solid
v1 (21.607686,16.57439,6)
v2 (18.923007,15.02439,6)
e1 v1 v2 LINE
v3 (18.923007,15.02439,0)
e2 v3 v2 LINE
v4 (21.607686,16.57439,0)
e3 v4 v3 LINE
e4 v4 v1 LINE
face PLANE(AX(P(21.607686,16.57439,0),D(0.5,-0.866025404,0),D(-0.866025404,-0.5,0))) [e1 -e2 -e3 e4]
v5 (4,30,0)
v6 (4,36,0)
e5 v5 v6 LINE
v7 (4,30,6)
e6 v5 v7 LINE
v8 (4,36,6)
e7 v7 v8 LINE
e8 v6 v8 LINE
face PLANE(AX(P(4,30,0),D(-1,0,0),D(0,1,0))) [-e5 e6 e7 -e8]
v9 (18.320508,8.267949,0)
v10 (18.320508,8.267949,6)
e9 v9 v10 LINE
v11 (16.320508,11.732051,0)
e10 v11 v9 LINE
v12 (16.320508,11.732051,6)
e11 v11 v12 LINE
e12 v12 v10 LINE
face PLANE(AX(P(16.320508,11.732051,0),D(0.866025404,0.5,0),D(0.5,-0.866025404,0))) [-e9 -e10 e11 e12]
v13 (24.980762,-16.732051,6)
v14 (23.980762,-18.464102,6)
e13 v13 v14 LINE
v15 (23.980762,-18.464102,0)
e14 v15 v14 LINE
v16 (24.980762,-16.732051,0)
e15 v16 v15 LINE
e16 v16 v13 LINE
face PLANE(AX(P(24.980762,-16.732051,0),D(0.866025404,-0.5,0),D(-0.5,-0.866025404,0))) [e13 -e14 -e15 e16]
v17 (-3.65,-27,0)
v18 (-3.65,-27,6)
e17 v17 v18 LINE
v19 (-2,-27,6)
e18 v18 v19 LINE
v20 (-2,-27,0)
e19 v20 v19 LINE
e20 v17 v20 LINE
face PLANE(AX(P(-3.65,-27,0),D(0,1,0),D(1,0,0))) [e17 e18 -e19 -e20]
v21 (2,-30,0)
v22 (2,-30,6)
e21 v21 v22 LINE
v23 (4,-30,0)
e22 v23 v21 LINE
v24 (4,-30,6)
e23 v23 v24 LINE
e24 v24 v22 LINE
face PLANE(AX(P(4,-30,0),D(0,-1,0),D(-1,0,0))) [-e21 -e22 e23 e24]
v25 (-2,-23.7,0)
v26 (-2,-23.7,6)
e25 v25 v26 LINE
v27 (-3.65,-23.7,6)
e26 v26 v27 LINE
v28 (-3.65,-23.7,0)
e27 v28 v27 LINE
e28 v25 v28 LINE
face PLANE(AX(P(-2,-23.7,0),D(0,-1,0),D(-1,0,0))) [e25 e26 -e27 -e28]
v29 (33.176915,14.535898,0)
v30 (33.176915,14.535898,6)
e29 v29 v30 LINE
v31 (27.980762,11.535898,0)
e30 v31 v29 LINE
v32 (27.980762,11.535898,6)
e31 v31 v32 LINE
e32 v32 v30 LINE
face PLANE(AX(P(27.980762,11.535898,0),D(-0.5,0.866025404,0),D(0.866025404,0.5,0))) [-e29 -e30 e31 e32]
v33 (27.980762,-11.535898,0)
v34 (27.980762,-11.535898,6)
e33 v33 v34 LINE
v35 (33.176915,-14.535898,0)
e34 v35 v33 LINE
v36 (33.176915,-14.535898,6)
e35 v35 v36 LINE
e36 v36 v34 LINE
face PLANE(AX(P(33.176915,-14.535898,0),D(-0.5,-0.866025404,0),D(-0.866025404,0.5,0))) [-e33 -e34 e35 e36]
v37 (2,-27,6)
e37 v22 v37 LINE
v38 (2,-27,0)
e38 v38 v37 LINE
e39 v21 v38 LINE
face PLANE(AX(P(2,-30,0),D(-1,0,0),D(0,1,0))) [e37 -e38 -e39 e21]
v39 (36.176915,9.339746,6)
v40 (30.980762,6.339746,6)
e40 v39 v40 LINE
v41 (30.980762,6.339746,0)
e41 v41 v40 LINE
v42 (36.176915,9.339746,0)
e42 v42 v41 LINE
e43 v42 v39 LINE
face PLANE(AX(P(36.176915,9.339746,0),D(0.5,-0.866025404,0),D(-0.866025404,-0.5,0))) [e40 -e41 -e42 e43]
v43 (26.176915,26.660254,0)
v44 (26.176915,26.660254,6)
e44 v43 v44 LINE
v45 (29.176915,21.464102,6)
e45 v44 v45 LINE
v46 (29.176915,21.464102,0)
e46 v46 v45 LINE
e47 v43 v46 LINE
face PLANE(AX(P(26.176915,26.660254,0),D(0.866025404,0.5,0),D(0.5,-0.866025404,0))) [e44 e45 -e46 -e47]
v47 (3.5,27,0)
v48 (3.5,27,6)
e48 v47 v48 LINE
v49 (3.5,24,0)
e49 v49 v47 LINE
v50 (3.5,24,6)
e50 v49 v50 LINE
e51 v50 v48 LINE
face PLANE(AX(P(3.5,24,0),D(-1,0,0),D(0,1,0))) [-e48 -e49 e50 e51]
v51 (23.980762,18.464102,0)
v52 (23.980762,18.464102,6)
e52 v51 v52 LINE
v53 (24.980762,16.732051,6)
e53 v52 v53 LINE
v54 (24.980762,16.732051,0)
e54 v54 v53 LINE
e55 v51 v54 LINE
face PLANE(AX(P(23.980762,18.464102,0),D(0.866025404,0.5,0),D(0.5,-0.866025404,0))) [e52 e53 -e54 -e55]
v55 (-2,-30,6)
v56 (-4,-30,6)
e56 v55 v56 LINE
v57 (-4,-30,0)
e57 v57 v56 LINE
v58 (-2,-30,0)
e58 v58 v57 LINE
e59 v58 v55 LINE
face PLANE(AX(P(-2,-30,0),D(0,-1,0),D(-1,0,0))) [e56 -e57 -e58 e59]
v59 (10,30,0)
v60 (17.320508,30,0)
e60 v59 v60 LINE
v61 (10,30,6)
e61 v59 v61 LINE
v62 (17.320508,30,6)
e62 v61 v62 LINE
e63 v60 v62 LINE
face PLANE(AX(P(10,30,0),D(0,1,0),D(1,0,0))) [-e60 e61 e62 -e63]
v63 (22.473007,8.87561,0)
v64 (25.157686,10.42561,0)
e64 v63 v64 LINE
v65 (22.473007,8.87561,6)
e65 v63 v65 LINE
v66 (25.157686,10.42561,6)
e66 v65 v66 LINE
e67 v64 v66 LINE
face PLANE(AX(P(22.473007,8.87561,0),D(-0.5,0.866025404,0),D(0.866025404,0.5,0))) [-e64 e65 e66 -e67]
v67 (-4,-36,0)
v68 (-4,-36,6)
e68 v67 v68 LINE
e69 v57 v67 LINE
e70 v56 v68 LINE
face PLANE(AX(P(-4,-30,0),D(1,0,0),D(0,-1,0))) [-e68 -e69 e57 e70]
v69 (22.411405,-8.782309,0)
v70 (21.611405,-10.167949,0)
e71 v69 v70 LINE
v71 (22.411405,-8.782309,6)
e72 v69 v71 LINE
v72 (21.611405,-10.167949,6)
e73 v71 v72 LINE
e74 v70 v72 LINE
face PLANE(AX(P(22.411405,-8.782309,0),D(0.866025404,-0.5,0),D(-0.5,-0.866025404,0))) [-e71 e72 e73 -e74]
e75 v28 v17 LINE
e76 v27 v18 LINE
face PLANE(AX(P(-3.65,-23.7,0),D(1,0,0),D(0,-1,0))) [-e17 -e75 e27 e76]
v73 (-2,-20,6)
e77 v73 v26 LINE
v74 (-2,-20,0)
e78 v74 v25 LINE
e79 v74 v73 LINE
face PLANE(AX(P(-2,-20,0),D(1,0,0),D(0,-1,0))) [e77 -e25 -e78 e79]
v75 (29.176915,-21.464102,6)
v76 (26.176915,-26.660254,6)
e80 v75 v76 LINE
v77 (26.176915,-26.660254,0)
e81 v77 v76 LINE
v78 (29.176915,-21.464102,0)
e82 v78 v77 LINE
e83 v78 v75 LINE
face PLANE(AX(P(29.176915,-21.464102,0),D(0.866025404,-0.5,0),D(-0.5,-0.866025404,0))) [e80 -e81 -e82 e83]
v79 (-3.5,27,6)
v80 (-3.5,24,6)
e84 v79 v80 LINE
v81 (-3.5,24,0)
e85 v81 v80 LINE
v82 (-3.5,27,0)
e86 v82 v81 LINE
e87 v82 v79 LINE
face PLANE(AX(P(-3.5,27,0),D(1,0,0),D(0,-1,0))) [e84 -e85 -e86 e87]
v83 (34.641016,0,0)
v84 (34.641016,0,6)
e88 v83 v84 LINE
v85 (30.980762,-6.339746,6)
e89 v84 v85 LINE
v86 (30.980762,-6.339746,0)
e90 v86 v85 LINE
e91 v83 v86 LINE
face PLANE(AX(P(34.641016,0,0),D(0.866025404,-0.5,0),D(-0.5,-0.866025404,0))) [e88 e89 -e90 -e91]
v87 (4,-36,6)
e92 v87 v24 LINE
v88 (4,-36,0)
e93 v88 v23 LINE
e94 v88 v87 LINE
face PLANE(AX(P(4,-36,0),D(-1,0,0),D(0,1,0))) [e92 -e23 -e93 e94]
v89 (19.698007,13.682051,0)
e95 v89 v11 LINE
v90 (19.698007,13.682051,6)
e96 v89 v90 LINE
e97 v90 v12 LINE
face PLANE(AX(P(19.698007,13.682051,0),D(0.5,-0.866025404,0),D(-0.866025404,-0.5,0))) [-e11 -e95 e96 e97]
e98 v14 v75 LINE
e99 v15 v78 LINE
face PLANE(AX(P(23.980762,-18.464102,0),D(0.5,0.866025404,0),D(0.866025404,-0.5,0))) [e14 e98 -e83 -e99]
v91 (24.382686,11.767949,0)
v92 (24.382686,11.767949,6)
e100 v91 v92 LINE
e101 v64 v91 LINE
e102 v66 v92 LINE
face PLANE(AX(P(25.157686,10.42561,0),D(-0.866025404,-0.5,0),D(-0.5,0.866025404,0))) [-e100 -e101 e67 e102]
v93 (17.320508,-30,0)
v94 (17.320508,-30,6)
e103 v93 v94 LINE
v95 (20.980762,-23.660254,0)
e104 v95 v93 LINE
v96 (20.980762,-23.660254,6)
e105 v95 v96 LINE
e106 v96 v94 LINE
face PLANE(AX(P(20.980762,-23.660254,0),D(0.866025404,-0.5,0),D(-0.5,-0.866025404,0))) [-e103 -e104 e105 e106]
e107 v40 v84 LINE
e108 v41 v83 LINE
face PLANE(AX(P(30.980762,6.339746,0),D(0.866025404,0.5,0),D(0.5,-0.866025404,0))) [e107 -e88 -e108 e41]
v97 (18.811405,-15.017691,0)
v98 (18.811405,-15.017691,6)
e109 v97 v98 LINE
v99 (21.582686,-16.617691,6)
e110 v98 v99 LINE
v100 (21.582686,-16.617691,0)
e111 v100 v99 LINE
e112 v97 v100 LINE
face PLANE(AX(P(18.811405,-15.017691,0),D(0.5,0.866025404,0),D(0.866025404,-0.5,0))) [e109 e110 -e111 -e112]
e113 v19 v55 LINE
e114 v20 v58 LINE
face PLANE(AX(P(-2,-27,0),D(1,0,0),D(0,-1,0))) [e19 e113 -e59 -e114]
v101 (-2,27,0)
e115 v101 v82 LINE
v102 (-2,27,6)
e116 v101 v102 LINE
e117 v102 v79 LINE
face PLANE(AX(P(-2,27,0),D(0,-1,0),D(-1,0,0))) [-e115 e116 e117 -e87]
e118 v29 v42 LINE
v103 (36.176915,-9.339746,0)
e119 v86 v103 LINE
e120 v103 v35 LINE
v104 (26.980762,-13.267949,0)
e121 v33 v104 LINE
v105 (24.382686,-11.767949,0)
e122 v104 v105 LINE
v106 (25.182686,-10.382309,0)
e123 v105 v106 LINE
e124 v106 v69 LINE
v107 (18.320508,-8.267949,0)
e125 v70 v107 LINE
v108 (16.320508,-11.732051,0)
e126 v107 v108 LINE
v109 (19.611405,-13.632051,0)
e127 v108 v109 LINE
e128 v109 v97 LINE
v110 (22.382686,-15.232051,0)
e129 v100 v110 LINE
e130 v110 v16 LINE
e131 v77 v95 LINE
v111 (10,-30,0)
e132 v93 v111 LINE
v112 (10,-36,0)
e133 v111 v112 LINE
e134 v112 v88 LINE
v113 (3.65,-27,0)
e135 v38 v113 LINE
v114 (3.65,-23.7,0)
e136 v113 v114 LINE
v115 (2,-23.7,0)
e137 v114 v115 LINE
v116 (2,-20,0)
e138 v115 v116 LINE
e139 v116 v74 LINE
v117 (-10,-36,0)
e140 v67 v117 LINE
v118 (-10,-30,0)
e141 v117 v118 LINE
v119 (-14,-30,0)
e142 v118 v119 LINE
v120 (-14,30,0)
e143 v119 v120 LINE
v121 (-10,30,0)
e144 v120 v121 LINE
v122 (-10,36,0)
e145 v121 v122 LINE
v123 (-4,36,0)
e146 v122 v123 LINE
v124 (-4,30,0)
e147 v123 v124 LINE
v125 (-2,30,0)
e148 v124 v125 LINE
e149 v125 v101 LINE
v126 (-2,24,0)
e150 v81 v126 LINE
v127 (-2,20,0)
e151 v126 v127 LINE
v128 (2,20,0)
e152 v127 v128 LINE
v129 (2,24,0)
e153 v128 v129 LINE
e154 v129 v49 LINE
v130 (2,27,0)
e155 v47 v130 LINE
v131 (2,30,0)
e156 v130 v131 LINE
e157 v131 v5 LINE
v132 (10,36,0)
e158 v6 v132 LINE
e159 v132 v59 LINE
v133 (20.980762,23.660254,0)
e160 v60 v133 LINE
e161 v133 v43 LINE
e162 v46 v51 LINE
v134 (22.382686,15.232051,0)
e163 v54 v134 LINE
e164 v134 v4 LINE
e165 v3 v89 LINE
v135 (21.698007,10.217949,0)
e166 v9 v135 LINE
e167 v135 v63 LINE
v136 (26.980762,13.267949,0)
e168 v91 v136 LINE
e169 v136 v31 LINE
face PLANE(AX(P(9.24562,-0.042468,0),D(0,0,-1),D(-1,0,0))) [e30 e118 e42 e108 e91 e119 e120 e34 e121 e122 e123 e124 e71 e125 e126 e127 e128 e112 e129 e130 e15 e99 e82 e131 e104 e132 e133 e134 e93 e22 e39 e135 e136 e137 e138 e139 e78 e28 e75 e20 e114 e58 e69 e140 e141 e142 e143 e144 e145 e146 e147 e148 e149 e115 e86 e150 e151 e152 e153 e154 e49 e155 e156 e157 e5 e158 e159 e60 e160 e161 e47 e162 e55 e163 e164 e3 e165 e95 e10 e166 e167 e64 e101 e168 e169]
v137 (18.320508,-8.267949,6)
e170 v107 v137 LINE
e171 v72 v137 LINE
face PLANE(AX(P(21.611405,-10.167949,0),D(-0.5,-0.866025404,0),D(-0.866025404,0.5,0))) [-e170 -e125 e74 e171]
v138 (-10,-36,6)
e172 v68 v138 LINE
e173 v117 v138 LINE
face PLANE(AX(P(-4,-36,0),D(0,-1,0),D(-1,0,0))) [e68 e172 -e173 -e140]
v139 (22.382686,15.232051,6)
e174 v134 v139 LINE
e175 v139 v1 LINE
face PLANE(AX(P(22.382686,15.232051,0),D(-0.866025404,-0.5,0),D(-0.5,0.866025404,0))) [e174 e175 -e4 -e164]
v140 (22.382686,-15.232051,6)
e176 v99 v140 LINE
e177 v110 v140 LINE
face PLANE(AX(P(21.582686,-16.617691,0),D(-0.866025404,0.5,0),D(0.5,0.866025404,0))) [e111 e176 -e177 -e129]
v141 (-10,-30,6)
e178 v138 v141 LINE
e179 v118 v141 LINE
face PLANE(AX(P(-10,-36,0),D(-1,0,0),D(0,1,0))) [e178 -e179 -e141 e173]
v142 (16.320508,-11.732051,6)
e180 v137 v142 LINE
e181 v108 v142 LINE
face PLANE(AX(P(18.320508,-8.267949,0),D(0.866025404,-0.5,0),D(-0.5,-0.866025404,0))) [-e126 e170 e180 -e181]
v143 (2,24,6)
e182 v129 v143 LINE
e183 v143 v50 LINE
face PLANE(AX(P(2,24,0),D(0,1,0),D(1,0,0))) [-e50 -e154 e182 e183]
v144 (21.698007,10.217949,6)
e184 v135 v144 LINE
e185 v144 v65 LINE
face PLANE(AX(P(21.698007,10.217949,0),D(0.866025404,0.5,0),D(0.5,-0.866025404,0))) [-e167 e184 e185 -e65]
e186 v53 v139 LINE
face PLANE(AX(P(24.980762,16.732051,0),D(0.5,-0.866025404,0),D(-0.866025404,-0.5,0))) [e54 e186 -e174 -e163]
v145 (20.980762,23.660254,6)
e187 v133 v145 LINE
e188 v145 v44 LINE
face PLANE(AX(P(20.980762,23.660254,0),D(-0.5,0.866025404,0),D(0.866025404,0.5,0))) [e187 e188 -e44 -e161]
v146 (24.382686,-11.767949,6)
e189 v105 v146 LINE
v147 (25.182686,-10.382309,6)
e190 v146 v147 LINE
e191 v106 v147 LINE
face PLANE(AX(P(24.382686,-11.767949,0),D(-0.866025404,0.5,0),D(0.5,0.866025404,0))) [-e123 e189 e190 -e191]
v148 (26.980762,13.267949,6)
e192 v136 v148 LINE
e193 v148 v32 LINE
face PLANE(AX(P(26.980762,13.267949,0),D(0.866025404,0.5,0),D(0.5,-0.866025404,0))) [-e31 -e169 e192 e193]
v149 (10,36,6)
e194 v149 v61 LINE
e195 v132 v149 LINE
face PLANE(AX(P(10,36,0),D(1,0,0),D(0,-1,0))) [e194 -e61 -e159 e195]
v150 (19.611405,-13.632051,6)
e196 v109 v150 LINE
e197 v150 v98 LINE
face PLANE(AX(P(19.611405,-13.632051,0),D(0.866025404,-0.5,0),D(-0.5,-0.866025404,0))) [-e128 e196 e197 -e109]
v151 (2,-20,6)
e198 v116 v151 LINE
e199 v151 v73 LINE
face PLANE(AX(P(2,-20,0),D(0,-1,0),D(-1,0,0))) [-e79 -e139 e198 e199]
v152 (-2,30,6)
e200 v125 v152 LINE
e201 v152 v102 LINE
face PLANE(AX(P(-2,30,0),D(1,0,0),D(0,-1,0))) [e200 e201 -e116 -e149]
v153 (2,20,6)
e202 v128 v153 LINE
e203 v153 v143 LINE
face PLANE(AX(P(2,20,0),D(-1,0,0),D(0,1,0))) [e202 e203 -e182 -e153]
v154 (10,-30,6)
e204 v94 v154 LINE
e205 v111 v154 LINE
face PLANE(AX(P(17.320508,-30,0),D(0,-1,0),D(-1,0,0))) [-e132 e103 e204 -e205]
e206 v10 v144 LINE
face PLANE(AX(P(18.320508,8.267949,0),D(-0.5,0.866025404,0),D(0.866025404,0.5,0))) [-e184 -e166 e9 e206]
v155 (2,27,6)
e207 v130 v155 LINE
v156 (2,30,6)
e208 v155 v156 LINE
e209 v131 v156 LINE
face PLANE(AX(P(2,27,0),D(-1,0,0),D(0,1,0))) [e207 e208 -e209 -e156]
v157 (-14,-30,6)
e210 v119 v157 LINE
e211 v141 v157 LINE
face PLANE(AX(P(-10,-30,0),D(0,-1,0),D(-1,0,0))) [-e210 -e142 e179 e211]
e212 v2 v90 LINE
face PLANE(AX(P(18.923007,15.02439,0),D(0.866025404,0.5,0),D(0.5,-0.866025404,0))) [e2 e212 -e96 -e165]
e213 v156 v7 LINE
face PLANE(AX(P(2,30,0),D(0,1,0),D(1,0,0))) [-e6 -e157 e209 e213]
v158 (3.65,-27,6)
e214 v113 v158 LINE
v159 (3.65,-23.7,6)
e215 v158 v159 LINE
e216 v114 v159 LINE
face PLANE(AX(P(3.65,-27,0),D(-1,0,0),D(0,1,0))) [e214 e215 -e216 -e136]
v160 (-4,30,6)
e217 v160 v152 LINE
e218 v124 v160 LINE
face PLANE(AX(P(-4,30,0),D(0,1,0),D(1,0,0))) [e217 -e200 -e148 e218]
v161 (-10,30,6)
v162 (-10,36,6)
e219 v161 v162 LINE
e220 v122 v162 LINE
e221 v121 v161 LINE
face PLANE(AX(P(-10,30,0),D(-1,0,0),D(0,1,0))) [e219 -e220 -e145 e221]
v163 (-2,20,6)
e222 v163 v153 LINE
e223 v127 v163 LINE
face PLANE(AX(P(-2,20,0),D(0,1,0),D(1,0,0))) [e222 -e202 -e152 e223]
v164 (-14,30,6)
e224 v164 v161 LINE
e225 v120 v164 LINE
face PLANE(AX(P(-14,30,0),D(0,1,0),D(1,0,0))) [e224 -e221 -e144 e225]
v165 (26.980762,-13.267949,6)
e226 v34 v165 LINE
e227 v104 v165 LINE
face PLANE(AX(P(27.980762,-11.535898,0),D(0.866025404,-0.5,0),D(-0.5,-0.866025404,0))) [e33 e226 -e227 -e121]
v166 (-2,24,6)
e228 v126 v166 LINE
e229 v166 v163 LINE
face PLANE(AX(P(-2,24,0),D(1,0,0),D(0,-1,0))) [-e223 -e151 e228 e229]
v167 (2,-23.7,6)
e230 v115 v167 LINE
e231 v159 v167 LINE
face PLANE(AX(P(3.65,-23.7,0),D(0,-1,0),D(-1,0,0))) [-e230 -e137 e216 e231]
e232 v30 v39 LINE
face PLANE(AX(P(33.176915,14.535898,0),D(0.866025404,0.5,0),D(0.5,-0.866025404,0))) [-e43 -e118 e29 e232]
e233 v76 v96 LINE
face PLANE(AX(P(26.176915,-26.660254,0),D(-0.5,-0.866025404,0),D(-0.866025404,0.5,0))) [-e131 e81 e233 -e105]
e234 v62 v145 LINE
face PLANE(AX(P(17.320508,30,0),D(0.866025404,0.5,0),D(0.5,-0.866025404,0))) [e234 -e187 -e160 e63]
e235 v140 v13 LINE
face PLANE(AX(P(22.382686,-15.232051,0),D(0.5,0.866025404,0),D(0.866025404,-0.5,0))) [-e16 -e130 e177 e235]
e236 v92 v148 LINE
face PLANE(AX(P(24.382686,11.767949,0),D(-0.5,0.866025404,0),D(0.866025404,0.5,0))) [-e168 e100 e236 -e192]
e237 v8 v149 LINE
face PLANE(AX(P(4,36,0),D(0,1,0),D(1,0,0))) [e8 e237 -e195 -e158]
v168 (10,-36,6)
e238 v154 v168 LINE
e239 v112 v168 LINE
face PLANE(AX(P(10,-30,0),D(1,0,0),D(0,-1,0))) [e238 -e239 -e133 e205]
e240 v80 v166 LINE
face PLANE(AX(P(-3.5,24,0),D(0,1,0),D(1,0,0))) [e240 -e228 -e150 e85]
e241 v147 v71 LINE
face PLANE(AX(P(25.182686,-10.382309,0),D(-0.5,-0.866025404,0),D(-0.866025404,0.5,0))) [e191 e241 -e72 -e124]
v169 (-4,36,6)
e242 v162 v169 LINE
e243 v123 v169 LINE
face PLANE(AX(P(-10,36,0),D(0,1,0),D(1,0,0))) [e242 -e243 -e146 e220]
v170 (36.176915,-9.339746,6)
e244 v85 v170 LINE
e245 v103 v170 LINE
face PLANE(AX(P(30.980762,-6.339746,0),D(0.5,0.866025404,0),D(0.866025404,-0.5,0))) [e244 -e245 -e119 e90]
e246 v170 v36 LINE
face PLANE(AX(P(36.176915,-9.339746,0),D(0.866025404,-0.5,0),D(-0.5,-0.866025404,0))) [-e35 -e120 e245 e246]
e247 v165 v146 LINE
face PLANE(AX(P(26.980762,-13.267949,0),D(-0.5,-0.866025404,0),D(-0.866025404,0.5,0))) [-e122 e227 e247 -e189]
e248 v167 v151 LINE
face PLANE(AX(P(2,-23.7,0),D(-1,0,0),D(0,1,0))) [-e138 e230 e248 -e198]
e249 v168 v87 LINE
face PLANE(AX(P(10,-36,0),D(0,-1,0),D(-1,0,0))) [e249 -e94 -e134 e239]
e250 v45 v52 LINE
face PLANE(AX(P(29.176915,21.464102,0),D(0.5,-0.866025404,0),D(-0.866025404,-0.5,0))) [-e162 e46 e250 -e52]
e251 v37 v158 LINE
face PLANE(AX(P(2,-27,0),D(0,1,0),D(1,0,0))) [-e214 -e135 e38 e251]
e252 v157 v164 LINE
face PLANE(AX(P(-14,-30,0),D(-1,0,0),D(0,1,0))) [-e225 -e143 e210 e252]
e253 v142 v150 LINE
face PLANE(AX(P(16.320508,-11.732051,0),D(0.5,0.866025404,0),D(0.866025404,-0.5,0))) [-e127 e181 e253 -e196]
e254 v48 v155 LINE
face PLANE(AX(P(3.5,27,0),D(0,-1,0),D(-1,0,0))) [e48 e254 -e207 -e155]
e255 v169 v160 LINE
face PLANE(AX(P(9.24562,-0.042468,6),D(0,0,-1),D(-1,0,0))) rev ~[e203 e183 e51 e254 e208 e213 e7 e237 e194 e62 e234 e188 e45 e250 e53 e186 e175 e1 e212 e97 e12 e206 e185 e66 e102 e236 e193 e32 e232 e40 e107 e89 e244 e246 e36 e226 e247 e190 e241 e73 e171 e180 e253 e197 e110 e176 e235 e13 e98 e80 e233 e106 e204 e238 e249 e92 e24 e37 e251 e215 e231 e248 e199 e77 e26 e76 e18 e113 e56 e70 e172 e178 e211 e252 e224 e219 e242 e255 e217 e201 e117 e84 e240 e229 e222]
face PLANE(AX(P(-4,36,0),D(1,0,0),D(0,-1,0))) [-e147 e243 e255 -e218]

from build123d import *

# Parameters (mm, degrees)
BOSS_EXTRU_1_DEPTH = 6


with BuildPart() as part:
    # Esquisse1 → Boss.-Extru.1 (new body)
    with BuildSketch(Plane.XY):
        Polygon((10, 30), (17.320508076, 30), (20.980762114, 23.660254038), (26.176914536, 26.660254038), (29.176914536, 21.464101615), (23.980762114, 18.464101615), (24.980762114, 16.732050808), (22.382685902, 15.232050808), (21.607685902, 16.574390183), (18.92300715, 15.024390183), (19.69800715, 13.682050808), (16.320508076, 11.732050808), (18.320508076, 8.267949192), (21.69800715, 10.217949192), (22.47300715, 8.875609817), (25.157685902, 10.425609817), (24.382685902, 11.767949192), (26.980762114, 13.267949192), (27.980762114, 11.535898385), (33.176914536, 14.535898385), (36.176914536, 9.339745962), (30.980762114, 6.339745962), (34.641016151, 0), (30.980762114, -6.339745962), (36.176914536, -9.339745962), (33.176914536, -14.535898385), (27.980762114, -11.535898385), (26.980762114, -13.267949192), (24.382685902, -11.767949192), (25.182685902, -10.382308546), (22.41140461, -8.782308546), (21.61140461, -10.167949192), (18.320508076, -8.267949192), (16.320508076, -11.732050808), (19.61140461, -13.632050808), (18.81140461, -15.017691454), (21.582685902, -16.617691454), (22.382685902, -15.232050808), (24.980762114, -16.732050808), (23.980762114, -18.464101615), (29.176914536, -21.464101615), (26.176914536, -26.660254038), (20.980762114, -23.660254038), (17.320508076, -30), (10, -30), (10, -36), (4, -36), (4, -30), (2, -30), (2, -27), (3.65, -27), (3.65, -23.7), (2, -23.7), (2, -20), (-2, -20), (-2, -23.7), (-3.65, -23.7), (-3.65, -27), (-2, -27), (-2, -30), (-4, -30), (-4, -36), (-10, -36), (-10, -30), (-14, -30), (-14, 30), (-10, 30), (-10, 36), (-4, 36), (-4, 30), (-2, 30), (-2, 27), (-3.5, 27), (-3.5, 24), (-2, 24), (-2, 20), (2, 20), (2, 24), (3.5, 24), (3.5, 27), (2, 27), (2, 30), (4, 30), (4, 36), (10, 36), align=None)
    extrude(amount=BOSS_EXTRU_1_DEPTH)


solid = part.part
